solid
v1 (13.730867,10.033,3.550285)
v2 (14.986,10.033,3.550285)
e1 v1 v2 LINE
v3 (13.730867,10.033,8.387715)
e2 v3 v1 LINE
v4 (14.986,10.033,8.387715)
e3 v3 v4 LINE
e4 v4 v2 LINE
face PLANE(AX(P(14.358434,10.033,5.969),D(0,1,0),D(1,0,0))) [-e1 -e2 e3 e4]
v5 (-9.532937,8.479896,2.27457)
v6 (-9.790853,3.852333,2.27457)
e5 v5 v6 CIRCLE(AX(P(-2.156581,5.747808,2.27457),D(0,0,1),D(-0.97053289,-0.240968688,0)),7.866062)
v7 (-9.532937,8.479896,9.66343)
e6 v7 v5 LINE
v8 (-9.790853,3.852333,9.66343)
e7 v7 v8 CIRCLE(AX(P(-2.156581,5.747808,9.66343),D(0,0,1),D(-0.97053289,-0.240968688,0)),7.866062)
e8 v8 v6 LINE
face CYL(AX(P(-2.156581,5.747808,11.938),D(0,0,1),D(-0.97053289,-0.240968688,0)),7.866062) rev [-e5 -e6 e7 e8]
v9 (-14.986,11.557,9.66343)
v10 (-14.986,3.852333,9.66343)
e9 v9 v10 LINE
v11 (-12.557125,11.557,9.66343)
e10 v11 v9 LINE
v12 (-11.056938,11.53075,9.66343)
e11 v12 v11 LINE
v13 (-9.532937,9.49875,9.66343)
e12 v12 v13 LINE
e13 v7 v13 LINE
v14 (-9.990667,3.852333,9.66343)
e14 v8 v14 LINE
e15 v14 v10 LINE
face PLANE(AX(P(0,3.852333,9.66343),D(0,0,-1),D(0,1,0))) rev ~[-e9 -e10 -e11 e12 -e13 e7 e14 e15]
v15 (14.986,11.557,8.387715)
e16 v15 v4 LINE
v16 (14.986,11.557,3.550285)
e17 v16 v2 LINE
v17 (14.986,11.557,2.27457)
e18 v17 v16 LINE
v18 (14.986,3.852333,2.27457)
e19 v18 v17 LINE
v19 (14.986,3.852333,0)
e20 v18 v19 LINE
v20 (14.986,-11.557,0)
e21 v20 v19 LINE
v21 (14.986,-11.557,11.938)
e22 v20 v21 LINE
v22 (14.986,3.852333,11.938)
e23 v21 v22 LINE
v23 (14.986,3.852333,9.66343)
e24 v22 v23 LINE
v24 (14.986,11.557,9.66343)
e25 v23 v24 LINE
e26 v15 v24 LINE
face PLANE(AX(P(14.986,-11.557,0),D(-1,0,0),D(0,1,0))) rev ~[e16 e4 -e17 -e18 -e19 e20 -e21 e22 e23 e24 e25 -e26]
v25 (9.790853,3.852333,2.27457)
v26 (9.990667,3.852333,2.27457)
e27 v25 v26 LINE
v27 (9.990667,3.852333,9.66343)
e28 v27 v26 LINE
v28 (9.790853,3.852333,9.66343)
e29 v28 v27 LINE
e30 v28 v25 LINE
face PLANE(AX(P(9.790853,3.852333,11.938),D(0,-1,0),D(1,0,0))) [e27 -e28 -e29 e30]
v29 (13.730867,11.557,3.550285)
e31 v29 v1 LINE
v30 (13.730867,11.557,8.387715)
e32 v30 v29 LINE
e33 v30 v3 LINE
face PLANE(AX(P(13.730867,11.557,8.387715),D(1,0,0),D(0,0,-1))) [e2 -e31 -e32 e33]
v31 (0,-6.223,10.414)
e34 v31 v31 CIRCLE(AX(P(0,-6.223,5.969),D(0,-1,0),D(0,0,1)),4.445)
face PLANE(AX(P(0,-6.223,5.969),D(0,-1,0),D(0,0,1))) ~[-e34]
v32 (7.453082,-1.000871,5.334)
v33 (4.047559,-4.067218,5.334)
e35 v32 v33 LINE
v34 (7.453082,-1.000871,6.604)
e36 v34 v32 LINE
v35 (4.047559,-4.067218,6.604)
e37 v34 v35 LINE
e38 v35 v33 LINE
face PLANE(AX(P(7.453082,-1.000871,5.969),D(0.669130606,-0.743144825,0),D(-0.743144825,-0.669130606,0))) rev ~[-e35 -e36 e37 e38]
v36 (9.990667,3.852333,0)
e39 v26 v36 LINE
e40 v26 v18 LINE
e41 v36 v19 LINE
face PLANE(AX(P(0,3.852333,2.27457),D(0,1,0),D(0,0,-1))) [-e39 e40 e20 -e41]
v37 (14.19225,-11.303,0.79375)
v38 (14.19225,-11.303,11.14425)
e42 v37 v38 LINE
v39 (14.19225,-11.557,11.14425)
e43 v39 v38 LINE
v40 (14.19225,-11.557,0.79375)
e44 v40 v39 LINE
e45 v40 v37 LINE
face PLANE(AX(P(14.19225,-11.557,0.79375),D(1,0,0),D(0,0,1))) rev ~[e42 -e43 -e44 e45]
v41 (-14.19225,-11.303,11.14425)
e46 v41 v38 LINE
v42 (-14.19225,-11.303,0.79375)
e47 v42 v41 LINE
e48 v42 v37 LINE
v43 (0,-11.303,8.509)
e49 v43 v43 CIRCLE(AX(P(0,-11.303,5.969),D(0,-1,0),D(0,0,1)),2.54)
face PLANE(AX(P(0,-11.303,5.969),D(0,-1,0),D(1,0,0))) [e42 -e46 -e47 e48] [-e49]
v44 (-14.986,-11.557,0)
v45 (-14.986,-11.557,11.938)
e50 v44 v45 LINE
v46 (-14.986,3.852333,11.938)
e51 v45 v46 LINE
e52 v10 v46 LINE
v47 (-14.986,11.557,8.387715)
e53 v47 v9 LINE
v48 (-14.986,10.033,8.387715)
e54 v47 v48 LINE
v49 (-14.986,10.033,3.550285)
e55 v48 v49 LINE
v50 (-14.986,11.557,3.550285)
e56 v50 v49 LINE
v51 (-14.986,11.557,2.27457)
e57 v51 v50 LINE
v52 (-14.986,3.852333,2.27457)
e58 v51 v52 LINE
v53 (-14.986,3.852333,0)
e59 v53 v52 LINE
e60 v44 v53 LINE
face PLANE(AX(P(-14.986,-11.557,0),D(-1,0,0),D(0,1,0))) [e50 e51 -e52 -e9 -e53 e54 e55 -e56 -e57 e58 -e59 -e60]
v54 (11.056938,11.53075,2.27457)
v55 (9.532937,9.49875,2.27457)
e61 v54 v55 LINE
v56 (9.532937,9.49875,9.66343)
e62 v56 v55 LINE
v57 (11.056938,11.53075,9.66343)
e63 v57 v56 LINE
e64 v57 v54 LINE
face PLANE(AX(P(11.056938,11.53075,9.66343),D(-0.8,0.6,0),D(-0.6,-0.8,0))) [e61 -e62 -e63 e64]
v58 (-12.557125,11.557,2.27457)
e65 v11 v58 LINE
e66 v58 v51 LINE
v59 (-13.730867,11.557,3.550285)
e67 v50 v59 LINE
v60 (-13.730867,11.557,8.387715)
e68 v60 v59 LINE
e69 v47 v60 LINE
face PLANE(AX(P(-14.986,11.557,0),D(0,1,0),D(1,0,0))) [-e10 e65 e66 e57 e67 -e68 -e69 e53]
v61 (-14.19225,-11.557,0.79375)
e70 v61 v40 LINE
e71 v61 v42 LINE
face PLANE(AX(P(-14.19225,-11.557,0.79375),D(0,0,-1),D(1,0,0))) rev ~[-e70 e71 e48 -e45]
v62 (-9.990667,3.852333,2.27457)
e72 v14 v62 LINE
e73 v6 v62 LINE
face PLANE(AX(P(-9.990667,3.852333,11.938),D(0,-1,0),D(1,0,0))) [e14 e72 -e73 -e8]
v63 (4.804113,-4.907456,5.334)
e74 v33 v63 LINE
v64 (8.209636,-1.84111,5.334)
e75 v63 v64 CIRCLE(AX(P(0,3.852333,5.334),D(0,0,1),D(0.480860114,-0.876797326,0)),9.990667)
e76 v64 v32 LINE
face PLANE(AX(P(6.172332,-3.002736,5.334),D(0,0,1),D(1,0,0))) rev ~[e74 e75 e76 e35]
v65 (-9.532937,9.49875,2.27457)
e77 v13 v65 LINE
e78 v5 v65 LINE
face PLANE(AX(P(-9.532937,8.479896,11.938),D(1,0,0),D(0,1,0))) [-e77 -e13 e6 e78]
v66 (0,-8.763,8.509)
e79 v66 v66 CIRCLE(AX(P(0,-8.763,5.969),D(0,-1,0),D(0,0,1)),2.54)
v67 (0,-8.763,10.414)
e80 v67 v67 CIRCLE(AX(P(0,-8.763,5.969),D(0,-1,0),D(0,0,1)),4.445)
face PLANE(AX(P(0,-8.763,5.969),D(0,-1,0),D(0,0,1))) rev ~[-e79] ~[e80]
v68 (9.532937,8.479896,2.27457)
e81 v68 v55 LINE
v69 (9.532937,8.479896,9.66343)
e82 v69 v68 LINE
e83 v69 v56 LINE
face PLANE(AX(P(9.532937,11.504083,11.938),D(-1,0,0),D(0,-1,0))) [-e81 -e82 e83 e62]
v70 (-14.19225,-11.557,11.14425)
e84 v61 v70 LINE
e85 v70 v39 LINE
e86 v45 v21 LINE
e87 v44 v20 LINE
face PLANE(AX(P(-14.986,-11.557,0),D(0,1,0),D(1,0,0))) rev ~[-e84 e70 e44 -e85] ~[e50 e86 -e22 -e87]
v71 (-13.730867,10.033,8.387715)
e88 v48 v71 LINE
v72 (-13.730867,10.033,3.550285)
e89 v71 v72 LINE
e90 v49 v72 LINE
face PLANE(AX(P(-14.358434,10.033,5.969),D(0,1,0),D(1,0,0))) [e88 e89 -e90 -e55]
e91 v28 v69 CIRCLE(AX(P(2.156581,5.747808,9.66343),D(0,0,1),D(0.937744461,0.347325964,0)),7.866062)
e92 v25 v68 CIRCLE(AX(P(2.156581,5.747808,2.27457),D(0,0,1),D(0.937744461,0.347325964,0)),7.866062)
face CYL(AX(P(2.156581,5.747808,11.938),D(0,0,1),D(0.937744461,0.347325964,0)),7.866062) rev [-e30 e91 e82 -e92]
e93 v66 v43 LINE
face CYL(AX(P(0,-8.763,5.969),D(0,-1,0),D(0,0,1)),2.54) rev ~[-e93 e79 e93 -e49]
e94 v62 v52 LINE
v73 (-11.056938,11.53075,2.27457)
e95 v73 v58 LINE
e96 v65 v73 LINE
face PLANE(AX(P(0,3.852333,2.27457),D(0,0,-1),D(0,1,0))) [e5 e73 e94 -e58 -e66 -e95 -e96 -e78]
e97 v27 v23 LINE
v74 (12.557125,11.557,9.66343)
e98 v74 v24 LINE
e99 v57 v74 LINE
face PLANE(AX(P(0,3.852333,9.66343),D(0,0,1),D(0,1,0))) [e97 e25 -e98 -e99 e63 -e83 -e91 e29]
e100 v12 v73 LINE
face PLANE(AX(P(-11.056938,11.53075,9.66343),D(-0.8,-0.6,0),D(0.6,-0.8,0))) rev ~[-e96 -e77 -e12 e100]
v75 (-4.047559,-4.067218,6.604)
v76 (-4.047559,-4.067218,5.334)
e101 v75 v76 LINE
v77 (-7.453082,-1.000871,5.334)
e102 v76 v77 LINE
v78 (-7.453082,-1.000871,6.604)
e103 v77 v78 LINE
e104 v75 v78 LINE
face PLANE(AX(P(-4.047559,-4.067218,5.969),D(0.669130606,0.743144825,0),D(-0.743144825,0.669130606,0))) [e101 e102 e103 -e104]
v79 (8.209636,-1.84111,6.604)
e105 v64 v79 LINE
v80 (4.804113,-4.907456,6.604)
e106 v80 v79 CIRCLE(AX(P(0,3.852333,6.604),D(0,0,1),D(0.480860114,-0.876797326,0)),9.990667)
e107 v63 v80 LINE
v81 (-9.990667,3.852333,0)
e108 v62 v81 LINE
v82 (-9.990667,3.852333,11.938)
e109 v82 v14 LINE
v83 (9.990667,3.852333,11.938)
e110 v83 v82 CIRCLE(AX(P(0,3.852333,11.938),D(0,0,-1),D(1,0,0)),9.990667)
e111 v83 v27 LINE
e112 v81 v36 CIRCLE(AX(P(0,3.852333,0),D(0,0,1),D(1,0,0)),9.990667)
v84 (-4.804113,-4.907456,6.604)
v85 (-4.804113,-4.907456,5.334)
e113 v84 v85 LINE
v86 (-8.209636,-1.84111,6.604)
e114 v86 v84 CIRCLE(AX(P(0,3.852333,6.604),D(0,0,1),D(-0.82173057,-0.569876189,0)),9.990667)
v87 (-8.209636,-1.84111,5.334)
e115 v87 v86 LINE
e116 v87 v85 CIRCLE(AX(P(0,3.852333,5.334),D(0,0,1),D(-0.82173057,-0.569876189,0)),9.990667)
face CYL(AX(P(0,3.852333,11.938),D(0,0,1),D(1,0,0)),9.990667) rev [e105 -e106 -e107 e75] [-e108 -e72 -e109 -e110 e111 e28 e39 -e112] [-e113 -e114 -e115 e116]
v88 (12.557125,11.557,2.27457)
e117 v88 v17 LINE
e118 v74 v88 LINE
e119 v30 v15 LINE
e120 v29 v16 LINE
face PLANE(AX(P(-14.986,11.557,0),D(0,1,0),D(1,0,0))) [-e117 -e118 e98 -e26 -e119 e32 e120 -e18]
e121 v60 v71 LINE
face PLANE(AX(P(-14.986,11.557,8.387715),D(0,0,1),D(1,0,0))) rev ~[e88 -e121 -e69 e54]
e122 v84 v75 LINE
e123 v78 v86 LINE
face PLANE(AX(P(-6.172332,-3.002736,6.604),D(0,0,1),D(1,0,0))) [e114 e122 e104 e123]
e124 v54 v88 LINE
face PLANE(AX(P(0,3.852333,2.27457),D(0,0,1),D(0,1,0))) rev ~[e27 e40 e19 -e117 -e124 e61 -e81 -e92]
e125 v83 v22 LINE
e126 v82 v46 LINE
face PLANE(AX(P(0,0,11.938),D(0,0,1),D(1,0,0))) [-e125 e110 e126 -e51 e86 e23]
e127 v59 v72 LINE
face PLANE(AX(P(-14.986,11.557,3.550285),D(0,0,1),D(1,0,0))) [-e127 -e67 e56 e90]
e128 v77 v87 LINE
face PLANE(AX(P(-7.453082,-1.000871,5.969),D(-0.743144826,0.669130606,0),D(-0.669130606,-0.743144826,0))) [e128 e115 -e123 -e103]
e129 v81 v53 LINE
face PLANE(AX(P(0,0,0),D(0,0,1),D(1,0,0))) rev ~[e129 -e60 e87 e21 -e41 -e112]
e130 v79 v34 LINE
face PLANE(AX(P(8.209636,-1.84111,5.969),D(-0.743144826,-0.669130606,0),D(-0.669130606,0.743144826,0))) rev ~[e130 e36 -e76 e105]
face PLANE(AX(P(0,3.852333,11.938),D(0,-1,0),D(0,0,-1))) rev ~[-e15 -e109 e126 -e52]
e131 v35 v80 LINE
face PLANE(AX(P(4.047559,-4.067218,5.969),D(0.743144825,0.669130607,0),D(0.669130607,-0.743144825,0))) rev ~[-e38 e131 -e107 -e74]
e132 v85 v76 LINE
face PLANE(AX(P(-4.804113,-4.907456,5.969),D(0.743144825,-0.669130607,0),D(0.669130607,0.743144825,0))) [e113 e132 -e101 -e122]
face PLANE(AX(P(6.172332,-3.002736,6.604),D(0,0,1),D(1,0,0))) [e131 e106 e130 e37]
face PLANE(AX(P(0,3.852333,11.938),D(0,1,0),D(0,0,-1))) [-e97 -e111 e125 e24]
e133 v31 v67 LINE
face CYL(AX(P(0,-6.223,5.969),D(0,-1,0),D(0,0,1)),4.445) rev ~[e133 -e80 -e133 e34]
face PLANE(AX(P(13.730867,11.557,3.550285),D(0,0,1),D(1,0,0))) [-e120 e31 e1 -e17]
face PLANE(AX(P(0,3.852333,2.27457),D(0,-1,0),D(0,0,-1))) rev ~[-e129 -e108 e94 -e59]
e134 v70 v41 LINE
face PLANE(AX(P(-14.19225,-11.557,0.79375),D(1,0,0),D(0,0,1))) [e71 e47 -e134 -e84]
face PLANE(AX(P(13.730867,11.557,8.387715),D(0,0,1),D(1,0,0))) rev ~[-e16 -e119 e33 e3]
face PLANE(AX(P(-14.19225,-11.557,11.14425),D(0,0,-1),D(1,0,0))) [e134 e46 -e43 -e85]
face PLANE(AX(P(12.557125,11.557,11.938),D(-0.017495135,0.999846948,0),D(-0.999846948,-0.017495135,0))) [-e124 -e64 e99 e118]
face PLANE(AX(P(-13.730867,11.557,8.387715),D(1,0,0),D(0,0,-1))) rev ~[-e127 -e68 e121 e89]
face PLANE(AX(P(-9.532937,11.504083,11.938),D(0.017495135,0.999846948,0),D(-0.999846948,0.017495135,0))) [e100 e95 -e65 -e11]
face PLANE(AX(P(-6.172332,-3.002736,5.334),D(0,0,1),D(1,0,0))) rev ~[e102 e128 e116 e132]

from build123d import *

# Parameters (mm, degrees)
SKETCH1_W               = 29.972
SKETCH1_H               = 23.114
EXTRUDE1_DEPTH          = 11.938
CUT_EXTRUDE1_DEPTH      = 12.938
SKETCH3_W               = 2.27457
SKETCH3_H               = 7.704666667
CUT_EXTRUDE2_DEPTH      = 15.986
CUT_EXTRUDE2_DEPTH_BACK = 15.986
SKETCH4_W               = 28.3845
SKETCH4_H               = 10.3505
CUT_EXTRUDE3_DEPTH      = 0.254
SKETCH5_W               = 1.255132872
SKETCH5_H               = 4.83743
CUT_EXTRUDE4_DEPTH      = 1.524
EXTRUDE2_DEPTH          = 0.635
CUT_EXTRUDE5_DEPTH      = 10.66343


with BuildPart() as part:
    # Sketch1 → Extrude1 (new body)
    with BuildSketch(Plane.XY):
        Rectangle(SKETCH1_W, SKETCH1_H)
    extrude(amount=EXTRUDE1_DEPTH)

    # Sketch2 → Cut-Extrude1 (cut, through all)
    with BuildSketch(Plane.XY.offset(11.938)):
        with BuildLine():
            Line((-9.990666667, 3.852333333), (-9.790853333, 3.852333333))
            ThreePointArc((-9.790853333, 3.852333333), (-10.010454448, 6.185541418), (-9.5329375, 8.479895833))
            Line((-9.5329375, 8.479895833), (-9.5329375, 11.504083333))
            Line((-9.5329375, 11.504083333), (-12.557125, 11.557))
            Line((-12.557125, 11.557), (12.557125, 11.557))
            Line((12.557125, 11.557), (9.5329375, 11.504083333))
            Line((9.5329375, 11.504083333), (9.5329375, 8.479895833))
            ThreePointArc((9.5329375, 8.479895833), (10.010454448, 6.185541418), (9.790853333, 3.852333333))
            Line((9.790853333, 3.852333333), (9.990666667, 3.852333333))
            ThreePointArc((9.990666667, 3.852333333), (0, -6.138333333), (-9.990666667, 3.852333333))
        make_face()
    extrude(amount=-CUT_EXTRUDE1_DEPTH, mode=Mode.SUBTRACT)

    # Sketch3 → Cut-Extrude2 (cut, two sides)
    with BuildSketch(Plane(origin=(0, 0, 0), x_dir=(0, 0, -1), z_dir=(1, 0, 0))) as cut_extrude2_sk:
        with Locations((-10.800715, 7.704666667)):
            Rectangle(SKETCH3_W, SKETCH3_H)
        with Locations((-1.137285, 7.704666667)):
            Rectangle(SKETCH3_W, SKETCH3_H)
    extrude(amount=CUT_EXTRUDE2_DEPTH, mode=Mode.SUBTRACT)
    extrude(cut_extrude2_sk.sketch, amount=-CUT_EXTRUDE2_DEPTH_BACK, mode=Mode.SUBTRACT)

    # Sketch4 → Cut-Extrude3 (cut)
    with BuildSketch(Plane.XZ.offset(11.557)):
        with Locations((0, 5.969)):
            Rectangle(SKETCH4_W, SKETCH4_H)
    extrude(amount=-CUT_EXTRUDE3_DEPTH, mode=Mode.SUBTRACT)

    # Sketch5 → Cut-Extrude4 (cut)
    with BuildSketch(Plane(origin=(0, 11.557, 0), x_dir=(1, 0, 0), z_dir=(0, 1, 0))):
        with Locations((-14.358433564, -5.969)):
            Rectangle(SKETCH5_W, SKETCH5_H)
        with Locations((14.358433564, -5.969)):
            Rectangle(SKETCH5_W, SKETCH5_H)
    extrude(amount=-CUT_EXTRUDE4_DEPTH, mode=Mode.SUBTRACT)

    # Sketch6 → Cut-Revolve1 (revolve, cut)
    with BuildSketch(Plane(origin=(0, 0, 5.969), x_dir=(-1, 0, 0), z_dir=(0, 0, -1)), mode=Mode.PRIVATE) as cut_revolve1_sk:
        Polygon((2.54, -11.303), (0, -11.303), (0, -6.223), (4.445, -6.223), (4.445, -8.763), (2.54, -8.763), align=None)
    revolve(cut_revolve1_sk.sketch.rotate(Axis((0, 0, 5.969), (0, -1, 0)), 270), axis=Axis((0, 0, 5.969), (0, -1, 0)), mode=Mode.SUBTRACT)  # turned: the seam where the file's is

    # Sketch7 → Extrude2 (add, symmetric)
    with BuildSketch(Plane(origin=(0, 0, 5.969), x_dir=(-1, 0, 0), z_dir=(0, 0, -1))):
        with BuildLine():
            Line((4.047558738, -4.067217721), (7.45308183, -1.000870956))
            Line((7.45308183, -1.000870956), (8.209636208, -1.841109717))
            ThreePointArc((8.209636208, -1.841109717), (6.685060845, -3.572178903), (4.804113117, -4.907456482))
            Line((4.804113117, -4.907456482), (4.047558738, -4.067217721))
        make_face()
        with BuildLine():
            Line((-4.047558738, -4.067217721), (-4.804113117, -4.907456482))
            ThreePointArc((-4.804113117, -4.907456482), (-6.685060845, -3.572178903), (-8.209636208, -1.841109717))
            Line((-8.209636208, -1.841109717), (-7.45308183, -1.000870956))
            Line((-7.45308183, -1.000870956), (-4.047558738, -4.067217721))
        make_face()
    extrude(amount=EXTRUDE2_DEPTH, both=True)

    # Sketch8 → Cut-Extrude5 (cut, through all)
    with BuildSketch(Plane.XY.offset(9.66343)):
        Polygon((-9.5329375, 11.53075), (-11.0569375, 11.53075), (-9.5329375, 9.49875), align=None)
        Polygon((9.5329375, 11.53075), (11.0569375, 11.53075), (9.5329375, 9.49875), align=None)
    extrude(amount=-CUT_EXTRUDE5_DEPTH, mode=Mode.SUBTRACT)


solid = part.part
